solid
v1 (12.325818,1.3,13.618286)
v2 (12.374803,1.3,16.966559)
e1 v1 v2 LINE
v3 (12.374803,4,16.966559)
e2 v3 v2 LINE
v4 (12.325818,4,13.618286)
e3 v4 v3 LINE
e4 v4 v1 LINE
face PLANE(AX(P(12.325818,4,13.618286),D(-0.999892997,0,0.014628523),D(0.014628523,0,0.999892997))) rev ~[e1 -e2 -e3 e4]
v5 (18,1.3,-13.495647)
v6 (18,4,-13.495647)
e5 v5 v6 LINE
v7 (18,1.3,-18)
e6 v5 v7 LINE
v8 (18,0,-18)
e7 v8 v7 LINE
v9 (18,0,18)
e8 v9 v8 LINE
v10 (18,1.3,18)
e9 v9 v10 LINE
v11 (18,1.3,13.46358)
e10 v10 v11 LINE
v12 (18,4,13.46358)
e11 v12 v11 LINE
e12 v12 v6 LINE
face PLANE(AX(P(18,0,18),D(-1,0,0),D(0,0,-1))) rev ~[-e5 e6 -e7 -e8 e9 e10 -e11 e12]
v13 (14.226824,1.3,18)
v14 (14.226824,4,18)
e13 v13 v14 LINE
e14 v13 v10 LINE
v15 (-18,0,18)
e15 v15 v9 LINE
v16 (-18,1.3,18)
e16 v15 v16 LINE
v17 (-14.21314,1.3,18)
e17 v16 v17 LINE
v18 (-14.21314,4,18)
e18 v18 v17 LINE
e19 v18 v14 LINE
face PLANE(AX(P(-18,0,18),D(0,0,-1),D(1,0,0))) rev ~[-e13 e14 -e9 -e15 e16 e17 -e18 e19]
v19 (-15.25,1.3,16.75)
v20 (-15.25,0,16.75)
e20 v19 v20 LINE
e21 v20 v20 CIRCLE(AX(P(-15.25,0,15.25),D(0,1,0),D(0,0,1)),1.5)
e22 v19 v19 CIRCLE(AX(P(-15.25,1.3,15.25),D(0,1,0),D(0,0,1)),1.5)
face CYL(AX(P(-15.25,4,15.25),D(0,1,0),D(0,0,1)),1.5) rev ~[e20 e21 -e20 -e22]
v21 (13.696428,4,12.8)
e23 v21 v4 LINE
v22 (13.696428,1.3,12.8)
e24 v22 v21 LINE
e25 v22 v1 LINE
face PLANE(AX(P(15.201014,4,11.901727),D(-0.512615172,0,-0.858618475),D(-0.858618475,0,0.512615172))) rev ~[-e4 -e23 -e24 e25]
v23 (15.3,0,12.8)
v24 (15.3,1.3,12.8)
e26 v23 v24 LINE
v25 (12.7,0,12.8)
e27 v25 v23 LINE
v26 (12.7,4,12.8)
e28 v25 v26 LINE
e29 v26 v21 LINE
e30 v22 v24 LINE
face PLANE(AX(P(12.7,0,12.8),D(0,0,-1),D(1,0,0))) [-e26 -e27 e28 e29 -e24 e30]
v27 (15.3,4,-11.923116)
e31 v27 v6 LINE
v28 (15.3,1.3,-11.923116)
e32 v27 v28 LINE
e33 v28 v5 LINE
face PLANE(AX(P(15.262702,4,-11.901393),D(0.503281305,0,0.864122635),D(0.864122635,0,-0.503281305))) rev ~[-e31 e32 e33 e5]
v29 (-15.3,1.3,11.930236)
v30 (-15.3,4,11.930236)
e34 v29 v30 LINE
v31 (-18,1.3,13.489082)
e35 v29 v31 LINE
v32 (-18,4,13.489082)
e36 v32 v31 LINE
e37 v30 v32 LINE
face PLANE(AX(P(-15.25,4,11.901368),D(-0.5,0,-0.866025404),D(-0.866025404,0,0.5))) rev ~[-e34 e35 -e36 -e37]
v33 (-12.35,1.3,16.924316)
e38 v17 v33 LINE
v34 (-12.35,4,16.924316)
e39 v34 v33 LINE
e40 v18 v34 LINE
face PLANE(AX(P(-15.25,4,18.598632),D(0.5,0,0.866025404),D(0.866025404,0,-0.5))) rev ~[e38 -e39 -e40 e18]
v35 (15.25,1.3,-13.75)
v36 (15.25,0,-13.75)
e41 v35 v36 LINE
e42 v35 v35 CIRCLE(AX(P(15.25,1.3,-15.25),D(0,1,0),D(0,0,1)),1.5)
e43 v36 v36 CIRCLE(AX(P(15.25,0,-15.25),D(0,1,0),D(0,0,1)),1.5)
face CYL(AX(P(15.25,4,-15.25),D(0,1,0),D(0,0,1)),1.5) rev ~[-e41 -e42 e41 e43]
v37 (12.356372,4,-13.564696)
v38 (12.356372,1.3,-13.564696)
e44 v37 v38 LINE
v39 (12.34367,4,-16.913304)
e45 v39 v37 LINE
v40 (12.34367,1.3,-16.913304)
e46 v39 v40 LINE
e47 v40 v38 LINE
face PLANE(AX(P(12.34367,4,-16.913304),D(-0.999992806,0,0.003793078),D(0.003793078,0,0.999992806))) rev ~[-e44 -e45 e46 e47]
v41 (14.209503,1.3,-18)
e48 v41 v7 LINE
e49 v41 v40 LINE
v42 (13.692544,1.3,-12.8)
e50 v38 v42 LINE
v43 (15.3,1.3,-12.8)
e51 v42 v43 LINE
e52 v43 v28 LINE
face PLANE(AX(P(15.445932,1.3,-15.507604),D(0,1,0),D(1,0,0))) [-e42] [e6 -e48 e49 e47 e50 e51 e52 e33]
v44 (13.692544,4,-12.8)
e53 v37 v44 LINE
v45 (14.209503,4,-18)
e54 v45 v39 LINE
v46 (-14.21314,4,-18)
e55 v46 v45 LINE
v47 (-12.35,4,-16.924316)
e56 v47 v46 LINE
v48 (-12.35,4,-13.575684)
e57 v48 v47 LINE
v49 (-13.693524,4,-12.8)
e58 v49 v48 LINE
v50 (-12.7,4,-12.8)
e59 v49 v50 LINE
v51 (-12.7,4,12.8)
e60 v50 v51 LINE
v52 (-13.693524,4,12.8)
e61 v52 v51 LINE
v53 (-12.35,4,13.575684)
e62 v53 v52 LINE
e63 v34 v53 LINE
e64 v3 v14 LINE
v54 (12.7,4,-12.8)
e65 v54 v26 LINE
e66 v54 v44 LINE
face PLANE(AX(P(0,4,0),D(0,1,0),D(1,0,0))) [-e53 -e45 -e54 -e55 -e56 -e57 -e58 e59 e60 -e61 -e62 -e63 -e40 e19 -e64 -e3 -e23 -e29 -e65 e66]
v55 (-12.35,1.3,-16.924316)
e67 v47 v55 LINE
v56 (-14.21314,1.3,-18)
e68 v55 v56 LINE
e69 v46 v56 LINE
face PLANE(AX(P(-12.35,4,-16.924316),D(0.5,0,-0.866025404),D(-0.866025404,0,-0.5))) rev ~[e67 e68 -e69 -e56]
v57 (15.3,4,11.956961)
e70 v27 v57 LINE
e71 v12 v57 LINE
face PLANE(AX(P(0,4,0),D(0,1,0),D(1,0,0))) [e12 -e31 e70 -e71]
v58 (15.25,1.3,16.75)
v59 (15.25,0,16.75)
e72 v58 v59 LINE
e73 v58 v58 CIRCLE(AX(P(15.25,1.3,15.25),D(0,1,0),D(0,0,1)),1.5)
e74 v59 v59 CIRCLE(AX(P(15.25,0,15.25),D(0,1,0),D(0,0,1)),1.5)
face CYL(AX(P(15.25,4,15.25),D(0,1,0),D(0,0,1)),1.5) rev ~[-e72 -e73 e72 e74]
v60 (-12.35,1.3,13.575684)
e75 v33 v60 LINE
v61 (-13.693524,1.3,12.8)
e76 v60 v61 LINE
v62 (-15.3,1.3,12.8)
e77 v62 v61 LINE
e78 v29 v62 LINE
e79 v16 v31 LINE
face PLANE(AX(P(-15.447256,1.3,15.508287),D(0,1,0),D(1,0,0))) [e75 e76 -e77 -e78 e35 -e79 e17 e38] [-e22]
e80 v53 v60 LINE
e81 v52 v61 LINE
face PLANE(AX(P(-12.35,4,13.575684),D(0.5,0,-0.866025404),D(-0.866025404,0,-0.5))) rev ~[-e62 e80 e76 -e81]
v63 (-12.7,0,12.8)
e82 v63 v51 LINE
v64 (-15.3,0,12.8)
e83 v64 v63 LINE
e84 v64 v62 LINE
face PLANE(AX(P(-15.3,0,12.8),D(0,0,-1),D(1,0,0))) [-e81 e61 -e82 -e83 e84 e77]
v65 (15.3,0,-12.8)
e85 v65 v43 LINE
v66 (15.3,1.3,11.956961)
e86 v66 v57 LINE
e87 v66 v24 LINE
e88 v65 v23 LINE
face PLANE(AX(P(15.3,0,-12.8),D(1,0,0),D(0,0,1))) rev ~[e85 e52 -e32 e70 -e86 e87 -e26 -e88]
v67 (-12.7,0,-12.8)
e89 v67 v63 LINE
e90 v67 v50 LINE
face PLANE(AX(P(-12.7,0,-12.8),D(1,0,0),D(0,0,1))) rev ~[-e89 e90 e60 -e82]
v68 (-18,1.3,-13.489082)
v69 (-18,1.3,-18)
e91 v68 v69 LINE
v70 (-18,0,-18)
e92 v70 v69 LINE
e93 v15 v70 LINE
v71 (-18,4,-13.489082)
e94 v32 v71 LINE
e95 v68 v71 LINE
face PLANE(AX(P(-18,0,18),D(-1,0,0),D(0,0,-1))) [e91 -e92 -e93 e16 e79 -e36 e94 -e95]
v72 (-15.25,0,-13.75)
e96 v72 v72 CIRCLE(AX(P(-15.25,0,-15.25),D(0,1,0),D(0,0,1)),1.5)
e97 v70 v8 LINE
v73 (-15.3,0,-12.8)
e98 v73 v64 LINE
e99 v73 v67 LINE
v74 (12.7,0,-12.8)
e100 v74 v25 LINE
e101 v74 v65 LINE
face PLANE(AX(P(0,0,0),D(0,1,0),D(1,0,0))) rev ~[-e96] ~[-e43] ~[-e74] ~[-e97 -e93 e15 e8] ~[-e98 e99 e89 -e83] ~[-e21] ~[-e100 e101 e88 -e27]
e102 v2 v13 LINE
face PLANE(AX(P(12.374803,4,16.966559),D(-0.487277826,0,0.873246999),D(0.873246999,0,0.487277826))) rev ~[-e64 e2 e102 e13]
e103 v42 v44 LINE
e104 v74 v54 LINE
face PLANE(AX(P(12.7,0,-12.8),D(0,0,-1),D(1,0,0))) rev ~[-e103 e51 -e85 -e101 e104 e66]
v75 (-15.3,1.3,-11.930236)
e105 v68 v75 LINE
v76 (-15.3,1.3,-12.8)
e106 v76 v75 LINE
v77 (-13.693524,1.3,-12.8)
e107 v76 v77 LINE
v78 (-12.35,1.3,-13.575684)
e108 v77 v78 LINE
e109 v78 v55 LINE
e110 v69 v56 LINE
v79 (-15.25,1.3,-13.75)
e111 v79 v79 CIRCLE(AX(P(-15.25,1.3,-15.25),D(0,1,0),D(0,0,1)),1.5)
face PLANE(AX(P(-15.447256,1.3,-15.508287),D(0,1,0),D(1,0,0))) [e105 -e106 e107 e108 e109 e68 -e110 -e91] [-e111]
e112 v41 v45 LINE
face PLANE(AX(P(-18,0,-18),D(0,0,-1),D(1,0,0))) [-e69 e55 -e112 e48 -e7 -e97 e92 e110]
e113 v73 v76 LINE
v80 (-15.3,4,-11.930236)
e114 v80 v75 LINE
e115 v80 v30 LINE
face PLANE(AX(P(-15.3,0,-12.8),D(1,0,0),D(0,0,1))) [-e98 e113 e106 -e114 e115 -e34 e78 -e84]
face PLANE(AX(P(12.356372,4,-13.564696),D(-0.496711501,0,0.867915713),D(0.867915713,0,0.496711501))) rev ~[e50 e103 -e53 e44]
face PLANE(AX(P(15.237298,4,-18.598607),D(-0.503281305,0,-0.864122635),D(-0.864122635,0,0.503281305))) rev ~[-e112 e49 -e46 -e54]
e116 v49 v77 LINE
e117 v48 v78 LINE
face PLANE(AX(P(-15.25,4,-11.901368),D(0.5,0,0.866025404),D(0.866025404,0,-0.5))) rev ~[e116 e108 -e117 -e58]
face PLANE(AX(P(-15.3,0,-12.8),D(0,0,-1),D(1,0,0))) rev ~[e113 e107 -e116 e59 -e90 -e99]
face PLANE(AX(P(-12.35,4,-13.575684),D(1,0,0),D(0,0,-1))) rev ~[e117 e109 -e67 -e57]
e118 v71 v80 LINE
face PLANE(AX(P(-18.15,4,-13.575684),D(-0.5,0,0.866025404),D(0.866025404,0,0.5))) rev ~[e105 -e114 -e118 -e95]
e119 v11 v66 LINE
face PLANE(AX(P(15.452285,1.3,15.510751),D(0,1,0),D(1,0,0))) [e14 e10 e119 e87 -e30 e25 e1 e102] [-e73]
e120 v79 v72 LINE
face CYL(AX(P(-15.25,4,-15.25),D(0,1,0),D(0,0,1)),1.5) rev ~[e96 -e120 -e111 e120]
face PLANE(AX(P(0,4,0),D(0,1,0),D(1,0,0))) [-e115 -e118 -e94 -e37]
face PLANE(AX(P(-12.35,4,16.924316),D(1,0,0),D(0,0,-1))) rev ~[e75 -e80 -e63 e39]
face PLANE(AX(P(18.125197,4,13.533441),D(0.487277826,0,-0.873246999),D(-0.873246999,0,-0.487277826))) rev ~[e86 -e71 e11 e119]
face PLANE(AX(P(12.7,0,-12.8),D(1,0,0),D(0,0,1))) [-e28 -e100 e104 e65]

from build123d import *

# Parameters (mm, degrees)
SKETCH1_W           = 36
SKETCH1_H           = 36
BOSS_EXTRUDE1_DEPTH = 4
SKETCH2_R           = 1.5
CUT_EXTRUDE1_DEPTH  = 26.768197453
CUT_EXTRUDE3_DEPTH  = 2.7
CUT_EXTRUDE4_REACH  = 27.768
SKETCH4_W           = 2.6
SKETCH4_H           = 25.6


with BuildPart() as part:
    # Sketch1 → Boss-Extrude1 (new body)
    with BuildSketch(Plane(origin=(0, 0, 0), x_dir=(1, 0, 0), z_dir=(0, 1, 0))):
        Rectangle(SKETCH1_W, SKETCH1_H)
    extrude(amount=BOSS_EXTRUDE1_DEPTH)

    # Sketch2 → Cut-Extrude1 (cut, through all)
    with BuildSketch(Plane(origin=(0, 4, 0), x_dir=(1, 0, 0), z_dir=(0, 1, 0))):
        with Locations(Location((-15.25, 15.25, 0), (0, 0, 270))):
            Circle(SKETCH2_R)
        with Locations(Location((15.25, 15.25, 0), (0, 0, 270))):
            Circle(SKETCH2_R)
        with Locations(Location((15.25, -15.25, 0), (0, 0, 270))):
            Circle(SKETCH2_R)
        with Locations(Location((-15.25, -15.25, 0), (0, 0, 270))):
            Circle(SKETCH2_R)
    extrude(amount=-CUT_EXTRUDE1_DEPTH, mode=Mode.SUBTRACT)

    # Sketch3 → Cut-Extrude3 (cut)
    with BuildSketch(Plane(origin=(0, 4, 0), x_dir=(1, 0, 0), z_dir=(0, 1, 0))):
        Polygon((-15.25, 11.901368439), (-12.35, 13.575684219), (-12.35, 16.924315781), (-15.25, 18.598631561), (-18.15, 18.598631561), (-18.15, 16.924315781), (-18.15, 13.575684219), align=None)
        Polygon((15.26270162, 11.901392528), (18.156329948, 13.58669619), (18.143628328, 16.935303662), (18.143628328, 18.598607472), (15.23729838, 18.598607472), (12.343670052, 16.91330381), (12.356371672, 13.564696338), align=None)
        Polygon((18.17418246, -16.881713907), (18.125196925, -13.533440657), (15.201014465, -11.901726751), (12.32581754, -13.618286093), (12.374803075, -16.966559343), (15.298985535, -18.598273249), (18.17418246, -18.598273249), align=None)
        Polygon((-15.25, -18.598631561), (-12.35, -16.924315781), (-12.35, -13.575684219), (-15.25, -11.901368439), (-18.15, -13.575684219), (-18.15, -16.924315781), (-18.15, -18.598631561), align=None)
    extrude(amount=-CUT_EXTRUDE3_DEPTH, mode=Mode.SUBTRACT)

    # Sketch4 → Cut-Extrude4 (cut, up to next)
    with BuildSketch(Plane.XZ, mode=Mode.PRIVATE) as cut_extrude4_sk1:
        with Locations((-14, 0)):
            Rectangle(SKETCH4_W, SKETCH4_H)
    cut_extrude4_tool1 = extrude(cut_extrude4_sk1.sketch, amount=-CUT_EXTRUDE4_REACH, mode=Mode.PRIVATE) & part.part
    # Sketch4 → Cut-Extrude4 (cut, up to next)
    with BuildSketch(Plane.XZ, mode=Mode.PRIVATE) as cut_extrude4_sk2:
        with Locations((14, 0)):
            Rectangle(SKETCH4_W, SKETCH4_H)
    cut_extrude4_tool2 = extrude(cut_extrude4_sk2.sketch, amount=-CUT_EXTRUDE4_REACH, mode=Mode.PRIVATE) & part.part
    add(cut_extrude4_tool1.solids().sort_by_distance((-14, 0, 0))[0], mode=Mode.SUBTRACT)
    add(cut_extrude4_tool2.solids().sort_by_distance((14, 0, 0))[0], mode=Mode.SUBTRACT)


solid = part.part
